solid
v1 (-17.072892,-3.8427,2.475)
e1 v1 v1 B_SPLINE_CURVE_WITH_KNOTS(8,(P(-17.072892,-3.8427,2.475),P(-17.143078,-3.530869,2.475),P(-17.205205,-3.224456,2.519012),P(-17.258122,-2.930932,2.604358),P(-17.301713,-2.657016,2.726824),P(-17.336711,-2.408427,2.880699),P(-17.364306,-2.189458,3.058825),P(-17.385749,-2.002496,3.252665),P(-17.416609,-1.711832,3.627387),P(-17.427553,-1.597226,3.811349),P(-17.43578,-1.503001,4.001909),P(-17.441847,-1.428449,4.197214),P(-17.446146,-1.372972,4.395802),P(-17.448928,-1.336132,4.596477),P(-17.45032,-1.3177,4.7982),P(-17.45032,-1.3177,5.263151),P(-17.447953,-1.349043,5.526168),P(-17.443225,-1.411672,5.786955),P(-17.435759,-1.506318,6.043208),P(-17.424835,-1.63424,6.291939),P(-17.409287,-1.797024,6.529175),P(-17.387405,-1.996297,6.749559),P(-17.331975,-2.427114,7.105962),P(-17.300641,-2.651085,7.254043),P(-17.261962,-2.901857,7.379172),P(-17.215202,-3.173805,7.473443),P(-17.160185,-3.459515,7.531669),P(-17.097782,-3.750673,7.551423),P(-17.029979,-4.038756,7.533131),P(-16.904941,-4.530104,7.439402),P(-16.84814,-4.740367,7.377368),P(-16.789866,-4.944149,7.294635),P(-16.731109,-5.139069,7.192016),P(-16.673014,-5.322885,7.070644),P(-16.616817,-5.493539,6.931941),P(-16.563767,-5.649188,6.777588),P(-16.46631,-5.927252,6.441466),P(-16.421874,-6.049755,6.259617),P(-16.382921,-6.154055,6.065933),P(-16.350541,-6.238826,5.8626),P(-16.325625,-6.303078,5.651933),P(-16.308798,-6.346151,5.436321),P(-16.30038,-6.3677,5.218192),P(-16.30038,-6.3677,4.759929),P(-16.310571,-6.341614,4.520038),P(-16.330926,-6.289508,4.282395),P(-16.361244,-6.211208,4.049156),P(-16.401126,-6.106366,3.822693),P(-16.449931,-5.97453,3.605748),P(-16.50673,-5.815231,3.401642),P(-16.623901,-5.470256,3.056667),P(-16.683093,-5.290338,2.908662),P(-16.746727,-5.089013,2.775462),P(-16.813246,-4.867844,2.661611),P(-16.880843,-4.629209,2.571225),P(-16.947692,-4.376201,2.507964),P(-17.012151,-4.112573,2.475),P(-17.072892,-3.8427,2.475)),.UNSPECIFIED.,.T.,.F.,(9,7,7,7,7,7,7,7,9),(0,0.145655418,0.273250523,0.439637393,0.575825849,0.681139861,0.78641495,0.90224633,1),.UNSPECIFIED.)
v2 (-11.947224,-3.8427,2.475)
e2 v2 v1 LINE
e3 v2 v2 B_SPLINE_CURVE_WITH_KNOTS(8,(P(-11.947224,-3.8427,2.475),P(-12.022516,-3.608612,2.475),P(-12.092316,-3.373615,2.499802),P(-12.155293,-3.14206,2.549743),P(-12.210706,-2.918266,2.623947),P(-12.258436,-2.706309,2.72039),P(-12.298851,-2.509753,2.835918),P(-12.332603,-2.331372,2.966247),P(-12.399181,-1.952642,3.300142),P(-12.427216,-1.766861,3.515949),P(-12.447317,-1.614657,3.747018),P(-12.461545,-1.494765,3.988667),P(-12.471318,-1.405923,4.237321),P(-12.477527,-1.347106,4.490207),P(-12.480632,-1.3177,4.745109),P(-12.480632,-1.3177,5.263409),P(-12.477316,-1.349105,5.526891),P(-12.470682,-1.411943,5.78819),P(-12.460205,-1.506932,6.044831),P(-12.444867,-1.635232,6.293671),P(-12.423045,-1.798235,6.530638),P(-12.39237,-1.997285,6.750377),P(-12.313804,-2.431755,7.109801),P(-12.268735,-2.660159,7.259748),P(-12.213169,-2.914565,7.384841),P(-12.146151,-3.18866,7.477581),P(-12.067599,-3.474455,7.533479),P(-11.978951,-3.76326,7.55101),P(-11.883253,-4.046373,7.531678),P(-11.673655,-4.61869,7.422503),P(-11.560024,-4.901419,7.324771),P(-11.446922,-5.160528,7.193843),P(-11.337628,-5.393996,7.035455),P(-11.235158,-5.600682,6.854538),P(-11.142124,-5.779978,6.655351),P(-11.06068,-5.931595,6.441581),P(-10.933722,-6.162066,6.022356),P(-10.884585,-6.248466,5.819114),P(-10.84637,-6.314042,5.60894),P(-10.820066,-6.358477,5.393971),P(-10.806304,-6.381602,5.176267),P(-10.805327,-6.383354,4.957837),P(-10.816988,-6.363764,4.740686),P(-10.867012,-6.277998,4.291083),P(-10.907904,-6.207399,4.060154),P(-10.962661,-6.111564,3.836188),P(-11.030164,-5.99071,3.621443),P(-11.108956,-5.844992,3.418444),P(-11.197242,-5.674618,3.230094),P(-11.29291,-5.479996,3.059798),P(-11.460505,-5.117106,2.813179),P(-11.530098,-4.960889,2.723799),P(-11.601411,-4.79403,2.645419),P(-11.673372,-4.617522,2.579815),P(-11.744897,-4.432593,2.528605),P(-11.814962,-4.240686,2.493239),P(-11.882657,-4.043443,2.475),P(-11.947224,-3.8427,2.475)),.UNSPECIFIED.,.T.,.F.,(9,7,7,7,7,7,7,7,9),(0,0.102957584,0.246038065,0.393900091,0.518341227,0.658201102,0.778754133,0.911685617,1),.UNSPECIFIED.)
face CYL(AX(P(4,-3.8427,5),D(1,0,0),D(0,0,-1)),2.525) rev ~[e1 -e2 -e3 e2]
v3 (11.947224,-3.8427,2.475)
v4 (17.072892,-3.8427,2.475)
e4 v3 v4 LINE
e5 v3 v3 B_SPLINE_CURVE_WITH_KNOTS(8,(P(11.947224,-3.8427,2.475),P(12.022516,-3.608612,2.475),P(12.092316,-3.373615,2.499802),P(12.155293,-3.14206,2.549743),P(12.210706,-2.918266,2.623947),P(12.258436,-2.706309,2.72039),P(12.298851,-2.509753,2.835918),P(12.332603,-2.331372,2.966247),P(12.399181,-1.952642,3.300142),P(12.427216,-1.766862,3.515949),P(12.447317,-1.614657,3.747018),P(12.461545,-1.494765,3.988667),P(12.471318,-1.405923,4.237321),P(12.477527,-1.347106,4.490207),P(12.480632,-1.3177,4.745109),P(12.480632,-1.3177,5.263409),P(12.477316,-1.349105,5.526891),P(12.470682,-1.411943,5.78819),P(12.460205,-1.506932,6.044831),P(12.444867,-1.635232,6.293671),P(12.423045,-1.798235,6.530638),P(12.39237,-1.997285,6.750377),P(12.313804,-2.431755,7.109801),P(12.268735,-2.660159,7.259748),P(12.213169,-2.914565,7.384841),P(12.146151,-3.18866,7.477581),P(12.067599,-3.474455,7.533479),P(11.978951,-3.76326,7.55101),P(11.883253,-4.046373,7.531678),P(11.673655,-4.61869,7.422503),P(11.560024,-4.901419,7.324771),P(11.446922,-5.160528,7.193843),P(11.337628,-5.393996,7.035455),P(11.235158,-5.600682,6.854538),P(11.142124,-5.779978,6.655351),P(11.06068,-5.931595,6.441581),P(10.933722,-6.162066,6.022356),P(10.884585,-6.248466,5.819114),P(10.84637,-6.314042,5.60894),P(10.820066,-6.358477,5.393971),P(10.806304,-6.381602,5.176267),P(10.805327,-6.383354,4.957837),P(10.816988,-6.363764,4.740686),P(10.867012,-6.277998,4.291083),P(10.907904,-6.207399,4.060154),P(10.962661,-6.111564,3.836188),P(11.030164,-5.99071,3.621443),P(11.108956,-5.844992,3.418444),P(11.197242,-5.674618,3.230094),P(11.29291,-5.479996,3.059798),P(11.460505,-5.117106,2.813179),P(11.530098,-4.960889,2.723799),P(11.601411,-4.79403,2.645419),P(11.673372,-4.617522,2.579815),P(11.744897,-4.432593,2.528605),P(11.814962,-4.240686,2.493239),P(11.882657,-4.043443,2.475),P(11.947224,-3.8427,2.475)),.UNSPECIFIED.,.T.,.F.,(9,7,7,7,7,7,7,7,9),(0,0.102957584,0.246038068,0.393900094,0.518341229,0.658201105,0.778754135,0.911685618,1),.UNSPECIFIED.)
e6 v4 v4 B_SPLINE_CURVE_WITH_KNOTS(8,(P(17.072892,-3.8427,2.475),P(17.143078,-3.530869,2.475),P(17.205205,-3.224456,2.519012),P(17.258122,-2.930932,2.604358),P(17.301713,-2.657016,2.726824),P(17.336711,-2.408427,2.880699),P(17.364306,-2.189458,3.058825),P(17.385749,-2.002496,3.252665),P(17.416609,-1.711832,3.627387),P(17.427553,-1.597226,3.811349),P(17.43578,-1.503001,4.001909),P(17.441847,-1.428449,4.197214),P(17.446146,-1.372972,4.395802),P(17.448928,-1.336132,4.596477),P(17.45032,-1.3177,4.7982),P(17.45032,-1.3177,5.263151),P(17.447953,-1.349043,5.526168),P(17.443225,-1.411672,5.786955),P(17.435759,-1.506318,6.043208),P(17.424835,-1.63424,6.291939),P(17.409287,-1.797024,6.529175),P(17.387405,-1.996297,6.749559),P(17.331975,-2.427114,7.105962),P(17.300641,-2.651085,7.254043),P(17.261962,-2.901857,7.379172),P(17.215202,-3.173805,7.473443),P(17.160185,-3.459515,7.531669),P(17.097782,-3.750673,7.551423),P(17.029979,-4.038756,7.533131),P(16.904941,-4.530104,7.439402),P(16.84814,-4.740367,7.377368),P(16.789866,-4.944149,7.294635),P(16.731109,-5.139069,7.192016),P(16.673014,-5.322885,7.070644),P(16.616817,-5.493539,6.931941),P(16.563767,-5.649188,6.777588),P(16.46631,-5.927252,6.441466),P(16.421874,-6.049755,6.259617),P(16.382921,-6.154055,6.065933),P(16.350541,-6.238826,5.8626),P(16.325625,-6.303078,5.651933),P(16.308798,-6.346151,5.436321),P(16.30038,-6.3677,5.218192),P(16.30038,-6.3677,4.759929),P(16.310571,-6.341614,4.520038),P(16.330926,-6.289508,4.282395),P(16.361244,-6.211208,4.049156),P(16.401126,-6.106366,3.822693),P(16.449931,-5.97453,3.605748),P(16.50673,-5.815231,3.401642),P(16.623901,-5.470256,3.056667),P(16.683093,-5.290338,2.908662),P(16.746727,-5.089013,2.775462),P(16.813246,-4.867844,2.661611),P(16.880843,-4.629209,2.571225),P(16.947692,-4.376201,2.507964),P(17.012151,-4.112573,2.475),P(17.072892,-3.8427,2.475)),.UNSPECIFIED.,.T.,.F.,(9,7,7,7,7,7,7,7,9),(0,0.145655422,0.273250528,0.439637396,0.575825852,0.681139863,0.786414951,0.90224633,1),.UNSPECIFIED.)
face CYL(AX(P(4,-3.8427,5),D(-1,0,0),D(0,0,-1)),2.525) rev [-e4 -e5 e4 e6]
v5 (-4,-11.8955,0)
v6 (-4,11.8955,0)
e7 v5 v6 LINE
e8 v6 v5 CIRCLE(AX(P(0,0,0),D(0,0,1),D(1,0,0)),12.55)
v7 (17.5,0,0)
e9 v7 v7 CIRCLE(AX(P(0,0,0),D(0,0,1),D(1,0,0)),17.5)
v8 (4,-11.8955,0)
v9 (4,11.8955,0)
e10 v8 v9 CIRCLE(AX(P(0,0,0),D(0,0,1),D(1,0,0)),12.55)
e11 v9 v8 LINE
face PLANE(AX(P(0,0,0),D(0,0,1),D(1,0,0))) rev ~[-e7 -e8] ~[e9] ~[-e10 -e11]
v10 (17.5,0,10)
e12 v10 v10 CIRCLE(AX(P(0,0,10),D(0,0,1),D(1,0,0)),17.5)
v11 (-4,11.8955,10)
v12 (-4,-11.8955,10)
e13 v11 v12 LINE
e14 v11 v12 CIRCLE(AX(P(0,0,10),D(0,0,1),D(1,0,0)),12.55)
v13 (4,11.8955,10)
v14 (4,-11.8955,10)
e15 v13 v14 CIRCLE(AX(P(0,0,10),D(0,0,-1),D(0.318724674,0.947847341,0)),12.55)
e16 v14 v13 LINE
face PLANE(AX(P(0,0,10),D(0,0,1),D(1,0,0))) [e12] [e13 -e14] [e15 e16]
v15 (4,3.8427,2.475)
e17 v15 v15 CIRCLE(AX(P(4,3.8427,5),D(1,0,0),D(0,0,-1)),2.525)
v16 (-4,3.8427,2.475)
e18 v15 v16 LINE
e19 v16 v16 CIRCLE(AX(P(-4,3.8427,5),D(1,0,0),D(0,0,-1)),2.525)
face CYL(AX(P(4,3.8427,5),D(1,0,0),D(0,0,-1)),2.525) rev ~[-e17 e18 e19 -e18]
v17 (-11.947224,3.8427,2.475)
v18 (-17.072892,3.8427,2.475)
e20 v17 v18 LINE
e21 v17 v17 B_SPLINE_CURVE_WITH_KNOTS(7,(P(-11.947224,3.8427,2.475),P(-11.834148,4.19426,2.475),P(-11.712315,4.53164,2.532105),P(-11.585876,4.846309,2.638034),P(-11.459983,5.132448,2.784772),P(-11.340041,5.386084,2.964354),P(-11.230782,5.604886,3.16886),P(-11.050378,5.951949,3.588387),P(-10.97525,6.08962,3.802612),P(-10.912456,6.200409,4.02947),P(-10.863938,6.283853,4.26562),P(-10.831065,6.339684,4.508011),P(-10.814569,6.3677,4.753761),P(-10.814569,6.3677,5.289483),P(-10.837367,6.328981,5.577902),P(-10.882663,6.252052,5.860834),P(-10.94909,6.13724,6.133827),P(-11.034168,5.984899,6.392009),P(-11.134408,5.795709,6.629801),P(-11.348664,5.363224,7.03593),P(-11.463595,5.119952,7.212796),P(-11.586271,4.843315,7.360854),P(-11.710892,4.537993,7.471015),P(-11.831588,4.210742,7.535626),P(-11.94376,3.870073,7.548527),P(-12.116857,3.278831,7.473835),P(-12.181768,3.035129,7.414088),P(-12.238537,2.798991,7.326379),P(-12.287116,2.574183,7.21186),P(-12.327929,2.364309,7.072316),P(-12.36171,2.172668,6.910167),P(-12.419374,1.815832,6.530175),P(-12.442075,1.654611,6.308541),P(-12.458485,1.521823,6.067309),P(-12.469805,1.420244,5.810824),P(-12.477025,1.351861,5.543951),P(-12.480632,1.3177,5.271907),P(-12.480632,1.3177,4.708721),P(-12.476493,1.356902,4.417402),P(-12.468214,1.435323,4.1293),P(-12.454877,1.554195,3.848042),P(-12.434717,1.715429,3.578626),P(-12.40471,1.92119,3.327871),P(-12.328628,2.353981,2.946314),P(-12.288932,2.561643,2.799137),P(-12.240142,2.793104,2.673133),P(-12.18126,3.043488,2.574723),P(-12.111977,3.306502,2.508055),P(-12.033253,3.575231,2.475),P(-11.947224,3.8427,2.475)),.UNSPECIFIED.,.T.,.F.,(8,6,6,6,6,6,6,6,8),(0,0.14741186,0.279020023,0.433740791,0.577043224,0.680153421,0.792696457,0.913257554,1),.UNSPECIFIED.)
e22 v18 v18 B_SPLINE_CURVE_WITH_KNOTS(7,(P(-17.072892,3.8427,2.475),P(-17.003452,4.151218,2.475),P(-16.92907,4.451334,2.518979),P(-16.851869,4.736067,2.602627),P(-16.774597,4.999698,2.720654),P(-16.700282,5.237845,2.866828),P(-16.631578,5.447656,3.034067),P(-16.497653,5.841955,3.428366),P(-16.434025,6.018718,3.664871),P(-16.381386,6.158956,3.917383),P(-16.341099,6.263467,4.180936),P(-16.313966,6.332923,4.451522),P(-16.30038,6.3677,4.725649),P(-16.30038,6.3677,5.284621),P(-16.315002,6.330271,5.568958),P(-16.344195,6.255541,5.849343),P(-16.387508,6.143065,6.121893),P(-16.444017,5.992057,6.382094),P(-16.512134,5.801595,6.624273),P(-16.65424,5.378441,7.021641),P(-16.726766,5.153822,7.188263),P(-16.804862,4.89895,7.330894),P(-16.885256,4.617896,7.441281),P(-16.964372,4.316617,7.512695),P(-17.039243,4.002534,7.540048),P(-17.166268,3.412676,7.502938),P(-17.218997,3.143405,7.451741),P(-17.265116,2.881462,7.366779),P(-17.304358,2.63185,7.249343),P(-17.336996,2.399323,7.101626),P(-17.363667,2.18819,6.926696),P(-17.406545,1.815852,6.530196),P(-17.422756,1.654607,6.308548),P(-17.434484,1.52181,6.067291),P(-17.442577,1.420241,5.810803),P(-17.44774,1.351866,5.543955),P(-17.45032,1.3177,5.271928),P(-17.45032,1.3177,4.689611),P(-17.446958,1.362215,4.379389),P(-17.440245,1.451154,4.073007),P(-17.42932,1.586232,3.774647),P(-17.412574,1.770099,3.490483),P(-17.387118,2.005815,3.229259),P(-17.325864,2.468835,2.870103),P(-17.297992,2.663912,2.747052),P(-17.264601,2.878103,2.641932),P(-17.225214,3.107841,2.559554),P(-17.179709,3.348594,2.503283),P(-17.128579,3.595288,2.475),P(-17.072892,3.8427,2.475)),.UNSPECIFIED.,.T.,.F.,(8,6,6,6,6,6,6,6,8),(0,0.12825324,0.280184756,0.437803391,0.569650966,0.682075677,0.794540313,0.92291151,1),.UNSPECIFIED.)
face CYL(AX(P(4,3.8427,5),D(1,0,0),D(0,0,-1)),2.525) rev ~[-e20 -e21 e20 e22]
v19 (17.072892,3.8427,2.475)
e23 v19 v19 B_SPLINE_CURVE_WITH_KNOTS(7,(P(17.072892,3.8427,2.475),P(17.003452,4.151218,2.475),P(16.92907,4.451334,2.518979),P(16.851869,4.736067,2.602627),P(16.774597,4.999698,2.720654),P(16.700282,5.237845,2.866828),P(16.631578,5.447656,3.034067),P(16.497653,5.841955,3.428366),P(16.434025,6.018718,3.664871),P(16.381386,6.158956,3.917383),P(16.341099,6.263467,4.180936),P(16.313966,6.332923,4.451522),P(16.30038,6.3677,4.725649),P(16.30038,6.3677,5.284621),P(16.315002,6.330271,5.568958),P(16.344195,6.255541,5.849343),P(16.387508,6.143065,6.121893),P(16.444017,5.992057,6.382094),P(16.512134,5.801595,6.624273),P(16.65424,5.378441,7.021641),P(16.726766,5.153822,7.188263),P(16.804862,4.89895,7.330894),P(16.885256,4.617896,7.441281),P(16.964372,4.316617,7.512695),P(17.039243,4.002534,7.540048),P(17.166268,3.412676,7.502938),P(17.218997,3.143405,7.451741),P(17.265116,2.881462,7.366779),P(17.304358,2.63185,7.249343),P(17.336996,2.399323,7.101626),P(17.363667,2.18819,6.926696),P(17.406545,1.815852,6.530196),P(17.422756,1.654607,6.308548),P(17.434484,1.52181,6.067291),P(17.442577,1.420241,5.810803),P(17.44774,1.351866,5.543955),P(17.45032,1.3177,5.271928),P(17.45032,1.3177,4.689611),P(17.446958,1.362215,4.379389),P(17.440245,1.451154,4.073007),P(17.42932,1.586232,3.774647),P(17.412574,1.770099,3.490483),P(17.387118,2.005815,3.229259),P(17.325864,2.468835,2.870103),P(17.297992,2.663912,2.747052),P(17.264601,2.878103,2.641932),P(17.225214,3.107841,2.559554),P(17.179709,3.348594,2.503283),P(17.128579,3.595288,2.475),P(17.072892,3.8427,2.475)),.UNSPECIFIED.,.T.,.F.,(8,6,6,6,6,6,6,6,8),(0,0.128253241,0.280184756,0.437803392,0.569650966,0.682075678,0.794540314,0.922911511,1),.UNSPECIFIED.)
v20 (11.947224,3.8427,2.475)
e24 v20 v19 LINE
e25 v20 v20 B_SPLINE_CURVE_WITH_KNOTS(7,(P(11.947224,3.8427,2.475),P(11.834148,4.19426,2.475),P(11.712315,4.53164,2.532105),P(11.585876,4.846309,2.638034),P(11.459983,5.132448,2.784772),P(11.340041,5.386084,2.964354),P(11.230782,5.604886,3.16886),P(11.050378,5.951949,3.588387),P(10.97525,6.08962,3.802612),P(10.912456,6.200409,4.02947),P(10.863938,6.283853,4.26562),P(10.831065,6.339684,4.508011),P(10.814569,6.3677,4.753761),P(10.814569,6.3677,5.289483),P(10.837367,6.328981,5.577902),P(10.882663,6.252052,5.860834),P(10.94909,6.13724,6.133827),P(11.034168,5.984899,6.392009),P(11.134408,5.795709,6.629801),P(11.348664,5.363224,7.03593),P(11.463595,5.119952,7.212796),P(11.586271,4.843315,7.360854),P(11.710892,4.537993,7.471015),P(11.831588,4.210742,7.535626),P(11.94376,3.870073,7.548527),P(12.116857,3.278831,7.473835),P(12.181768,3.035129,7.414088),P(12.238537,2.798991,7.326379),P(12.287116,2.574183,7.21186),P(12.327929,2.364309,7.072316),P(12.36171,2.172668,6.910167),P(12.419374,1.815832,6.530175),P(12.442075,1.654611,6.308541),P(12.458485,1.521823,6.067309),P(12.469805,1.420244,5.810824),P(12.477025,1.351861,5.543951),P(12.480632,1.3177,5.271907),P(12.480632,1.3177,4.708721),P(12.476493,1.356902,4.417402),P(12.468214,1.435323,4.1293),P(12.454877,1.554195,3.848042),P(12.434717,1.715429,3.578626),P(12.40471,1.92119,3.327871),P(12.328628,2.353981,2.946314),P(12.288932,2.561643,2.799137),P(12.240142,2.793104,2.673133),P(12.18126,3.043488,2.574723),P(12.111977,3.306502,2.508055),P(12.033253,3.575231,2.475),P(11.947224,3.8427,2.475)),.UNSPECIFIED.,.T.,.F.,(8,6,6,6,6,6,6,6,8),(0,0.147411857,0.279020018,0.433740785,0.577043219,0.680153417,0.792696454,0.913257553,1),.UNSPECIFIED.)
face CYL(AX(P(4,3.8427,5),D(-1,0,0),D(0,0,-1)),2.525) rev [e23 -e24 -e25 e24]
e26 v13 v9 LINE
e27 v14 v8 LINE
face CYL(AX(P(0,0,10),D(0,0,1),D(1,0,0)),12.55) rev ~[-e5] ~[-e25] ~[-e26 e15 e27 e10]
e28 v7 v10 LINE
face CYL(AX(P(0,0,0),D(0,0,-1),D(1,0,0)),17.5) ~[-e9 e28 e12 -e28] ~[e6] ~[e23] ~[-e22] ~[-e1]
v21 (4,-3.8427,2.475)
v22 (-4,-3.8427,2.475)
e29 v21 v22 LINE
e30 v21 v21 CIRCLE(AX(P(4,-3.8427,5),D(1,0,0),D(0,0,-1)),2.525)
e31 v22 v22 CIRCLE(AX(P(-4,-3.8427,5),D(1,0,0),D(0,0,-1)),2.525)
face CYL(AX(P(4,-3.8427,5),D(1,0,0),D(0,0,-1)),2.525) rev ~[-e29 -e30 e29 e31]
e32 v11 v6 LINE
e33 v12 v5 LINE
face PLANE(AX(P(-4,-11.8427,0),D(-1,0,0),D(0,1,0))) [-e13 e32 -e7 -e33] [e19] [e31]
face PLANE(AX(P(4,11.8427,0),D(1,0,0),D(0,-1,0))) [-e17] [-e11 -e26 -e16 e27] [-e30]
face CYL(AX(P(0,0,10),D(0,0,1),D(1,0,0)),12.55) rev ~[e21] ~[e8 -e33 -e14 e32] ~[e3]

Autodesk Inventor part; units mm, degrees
ref_plane "YZ Plane" through (0, 0, 0) normal (1, 0, 0) x (0, 1, 0)
ref_plane "XZ Plane" through (0, 0, 0) normal (0, 1, 0) x (-1, 0, 0)
ref_plane "XY Plane" through (0, 0, 0) normal (0, 0, 1) x (1, 0, 0)
sketch "Skizze1" plane through (0, 0, 0) normal (0, 0, 1) x (1, 0, 0)
  circle A0 centre (0, 0) radius 17.5
  circle A1 centre (0, 0) radius 12.5 construction
  line L0 (-4, 11.8427) -> (4, 11.8427) construction
  line L1 (4, 11.8427) -> (4, -11.8427)
  line L2 (4, -11.8427) -> (-4, -11.8427) construction
  line L3 (-4, -11.8427) -> (-4, 11.8427)
  arc A2 (-4, 11.8427) -> (-4, -11.8427) centre (0, 0) ccw
  arc A3 (4, -11.8427) -> (4, 11.8427) centre (0, 0) ccw
  dimension "d0" = 35
  dimension "d1" = 25
  dimension "d2" = 8
  dimension "d3" = 4
  dimension "d4" = 25
  dimension "d5" = 0
extrude "Extrusion1" add sketch "Skizze1" along normal blind 10
sketch "Skizze2" plane through (4, -11.8427, 0) normal (1, 0, 0) x (0, 0, -1)
  circle A0 centre (-5, 15.6854) radius 2.525
  circle A1 centre (-5, 8) radius 2.525
  line L0 (0, 0) -> (-10, 0) projected
  line L1 (0, 23.6854) -> (-10, 23.6854) projected
  line L2 (-10, 0) -> (-10, 23.6854) projected
  point P0 (0, 11.8427)
  dimension "d8" = 5.05
  dimension "d9" = 5.05
  dimension "d10" = 8
  dimension "d11" = 8
  dimension "d12" = 5
  dimension "d13" = 5
extrude "Extrusion2" cut sketch "Skizze2" along normal mid plane 500
sketch "Skizze3" plane through (0, 0, 10) normal (0, 0, 1) x (1, 0, 0)
  circle A0 centre (0, 0) radius 12.55
  line L0 (4, 11.8955) -> (4, -11.8955)
  line L1 (-4, -11.8955) -> (-4, 11.8955)
  dimension "d16" = 25.1
  dimension "d17" = 4
  dimension "d18" = 8
extrude "Extrusion3" cut sketch "Skizze3" against normal through all contours A0 L0 | L1 A0
properties part number "FahnenhalterTeiloben"
